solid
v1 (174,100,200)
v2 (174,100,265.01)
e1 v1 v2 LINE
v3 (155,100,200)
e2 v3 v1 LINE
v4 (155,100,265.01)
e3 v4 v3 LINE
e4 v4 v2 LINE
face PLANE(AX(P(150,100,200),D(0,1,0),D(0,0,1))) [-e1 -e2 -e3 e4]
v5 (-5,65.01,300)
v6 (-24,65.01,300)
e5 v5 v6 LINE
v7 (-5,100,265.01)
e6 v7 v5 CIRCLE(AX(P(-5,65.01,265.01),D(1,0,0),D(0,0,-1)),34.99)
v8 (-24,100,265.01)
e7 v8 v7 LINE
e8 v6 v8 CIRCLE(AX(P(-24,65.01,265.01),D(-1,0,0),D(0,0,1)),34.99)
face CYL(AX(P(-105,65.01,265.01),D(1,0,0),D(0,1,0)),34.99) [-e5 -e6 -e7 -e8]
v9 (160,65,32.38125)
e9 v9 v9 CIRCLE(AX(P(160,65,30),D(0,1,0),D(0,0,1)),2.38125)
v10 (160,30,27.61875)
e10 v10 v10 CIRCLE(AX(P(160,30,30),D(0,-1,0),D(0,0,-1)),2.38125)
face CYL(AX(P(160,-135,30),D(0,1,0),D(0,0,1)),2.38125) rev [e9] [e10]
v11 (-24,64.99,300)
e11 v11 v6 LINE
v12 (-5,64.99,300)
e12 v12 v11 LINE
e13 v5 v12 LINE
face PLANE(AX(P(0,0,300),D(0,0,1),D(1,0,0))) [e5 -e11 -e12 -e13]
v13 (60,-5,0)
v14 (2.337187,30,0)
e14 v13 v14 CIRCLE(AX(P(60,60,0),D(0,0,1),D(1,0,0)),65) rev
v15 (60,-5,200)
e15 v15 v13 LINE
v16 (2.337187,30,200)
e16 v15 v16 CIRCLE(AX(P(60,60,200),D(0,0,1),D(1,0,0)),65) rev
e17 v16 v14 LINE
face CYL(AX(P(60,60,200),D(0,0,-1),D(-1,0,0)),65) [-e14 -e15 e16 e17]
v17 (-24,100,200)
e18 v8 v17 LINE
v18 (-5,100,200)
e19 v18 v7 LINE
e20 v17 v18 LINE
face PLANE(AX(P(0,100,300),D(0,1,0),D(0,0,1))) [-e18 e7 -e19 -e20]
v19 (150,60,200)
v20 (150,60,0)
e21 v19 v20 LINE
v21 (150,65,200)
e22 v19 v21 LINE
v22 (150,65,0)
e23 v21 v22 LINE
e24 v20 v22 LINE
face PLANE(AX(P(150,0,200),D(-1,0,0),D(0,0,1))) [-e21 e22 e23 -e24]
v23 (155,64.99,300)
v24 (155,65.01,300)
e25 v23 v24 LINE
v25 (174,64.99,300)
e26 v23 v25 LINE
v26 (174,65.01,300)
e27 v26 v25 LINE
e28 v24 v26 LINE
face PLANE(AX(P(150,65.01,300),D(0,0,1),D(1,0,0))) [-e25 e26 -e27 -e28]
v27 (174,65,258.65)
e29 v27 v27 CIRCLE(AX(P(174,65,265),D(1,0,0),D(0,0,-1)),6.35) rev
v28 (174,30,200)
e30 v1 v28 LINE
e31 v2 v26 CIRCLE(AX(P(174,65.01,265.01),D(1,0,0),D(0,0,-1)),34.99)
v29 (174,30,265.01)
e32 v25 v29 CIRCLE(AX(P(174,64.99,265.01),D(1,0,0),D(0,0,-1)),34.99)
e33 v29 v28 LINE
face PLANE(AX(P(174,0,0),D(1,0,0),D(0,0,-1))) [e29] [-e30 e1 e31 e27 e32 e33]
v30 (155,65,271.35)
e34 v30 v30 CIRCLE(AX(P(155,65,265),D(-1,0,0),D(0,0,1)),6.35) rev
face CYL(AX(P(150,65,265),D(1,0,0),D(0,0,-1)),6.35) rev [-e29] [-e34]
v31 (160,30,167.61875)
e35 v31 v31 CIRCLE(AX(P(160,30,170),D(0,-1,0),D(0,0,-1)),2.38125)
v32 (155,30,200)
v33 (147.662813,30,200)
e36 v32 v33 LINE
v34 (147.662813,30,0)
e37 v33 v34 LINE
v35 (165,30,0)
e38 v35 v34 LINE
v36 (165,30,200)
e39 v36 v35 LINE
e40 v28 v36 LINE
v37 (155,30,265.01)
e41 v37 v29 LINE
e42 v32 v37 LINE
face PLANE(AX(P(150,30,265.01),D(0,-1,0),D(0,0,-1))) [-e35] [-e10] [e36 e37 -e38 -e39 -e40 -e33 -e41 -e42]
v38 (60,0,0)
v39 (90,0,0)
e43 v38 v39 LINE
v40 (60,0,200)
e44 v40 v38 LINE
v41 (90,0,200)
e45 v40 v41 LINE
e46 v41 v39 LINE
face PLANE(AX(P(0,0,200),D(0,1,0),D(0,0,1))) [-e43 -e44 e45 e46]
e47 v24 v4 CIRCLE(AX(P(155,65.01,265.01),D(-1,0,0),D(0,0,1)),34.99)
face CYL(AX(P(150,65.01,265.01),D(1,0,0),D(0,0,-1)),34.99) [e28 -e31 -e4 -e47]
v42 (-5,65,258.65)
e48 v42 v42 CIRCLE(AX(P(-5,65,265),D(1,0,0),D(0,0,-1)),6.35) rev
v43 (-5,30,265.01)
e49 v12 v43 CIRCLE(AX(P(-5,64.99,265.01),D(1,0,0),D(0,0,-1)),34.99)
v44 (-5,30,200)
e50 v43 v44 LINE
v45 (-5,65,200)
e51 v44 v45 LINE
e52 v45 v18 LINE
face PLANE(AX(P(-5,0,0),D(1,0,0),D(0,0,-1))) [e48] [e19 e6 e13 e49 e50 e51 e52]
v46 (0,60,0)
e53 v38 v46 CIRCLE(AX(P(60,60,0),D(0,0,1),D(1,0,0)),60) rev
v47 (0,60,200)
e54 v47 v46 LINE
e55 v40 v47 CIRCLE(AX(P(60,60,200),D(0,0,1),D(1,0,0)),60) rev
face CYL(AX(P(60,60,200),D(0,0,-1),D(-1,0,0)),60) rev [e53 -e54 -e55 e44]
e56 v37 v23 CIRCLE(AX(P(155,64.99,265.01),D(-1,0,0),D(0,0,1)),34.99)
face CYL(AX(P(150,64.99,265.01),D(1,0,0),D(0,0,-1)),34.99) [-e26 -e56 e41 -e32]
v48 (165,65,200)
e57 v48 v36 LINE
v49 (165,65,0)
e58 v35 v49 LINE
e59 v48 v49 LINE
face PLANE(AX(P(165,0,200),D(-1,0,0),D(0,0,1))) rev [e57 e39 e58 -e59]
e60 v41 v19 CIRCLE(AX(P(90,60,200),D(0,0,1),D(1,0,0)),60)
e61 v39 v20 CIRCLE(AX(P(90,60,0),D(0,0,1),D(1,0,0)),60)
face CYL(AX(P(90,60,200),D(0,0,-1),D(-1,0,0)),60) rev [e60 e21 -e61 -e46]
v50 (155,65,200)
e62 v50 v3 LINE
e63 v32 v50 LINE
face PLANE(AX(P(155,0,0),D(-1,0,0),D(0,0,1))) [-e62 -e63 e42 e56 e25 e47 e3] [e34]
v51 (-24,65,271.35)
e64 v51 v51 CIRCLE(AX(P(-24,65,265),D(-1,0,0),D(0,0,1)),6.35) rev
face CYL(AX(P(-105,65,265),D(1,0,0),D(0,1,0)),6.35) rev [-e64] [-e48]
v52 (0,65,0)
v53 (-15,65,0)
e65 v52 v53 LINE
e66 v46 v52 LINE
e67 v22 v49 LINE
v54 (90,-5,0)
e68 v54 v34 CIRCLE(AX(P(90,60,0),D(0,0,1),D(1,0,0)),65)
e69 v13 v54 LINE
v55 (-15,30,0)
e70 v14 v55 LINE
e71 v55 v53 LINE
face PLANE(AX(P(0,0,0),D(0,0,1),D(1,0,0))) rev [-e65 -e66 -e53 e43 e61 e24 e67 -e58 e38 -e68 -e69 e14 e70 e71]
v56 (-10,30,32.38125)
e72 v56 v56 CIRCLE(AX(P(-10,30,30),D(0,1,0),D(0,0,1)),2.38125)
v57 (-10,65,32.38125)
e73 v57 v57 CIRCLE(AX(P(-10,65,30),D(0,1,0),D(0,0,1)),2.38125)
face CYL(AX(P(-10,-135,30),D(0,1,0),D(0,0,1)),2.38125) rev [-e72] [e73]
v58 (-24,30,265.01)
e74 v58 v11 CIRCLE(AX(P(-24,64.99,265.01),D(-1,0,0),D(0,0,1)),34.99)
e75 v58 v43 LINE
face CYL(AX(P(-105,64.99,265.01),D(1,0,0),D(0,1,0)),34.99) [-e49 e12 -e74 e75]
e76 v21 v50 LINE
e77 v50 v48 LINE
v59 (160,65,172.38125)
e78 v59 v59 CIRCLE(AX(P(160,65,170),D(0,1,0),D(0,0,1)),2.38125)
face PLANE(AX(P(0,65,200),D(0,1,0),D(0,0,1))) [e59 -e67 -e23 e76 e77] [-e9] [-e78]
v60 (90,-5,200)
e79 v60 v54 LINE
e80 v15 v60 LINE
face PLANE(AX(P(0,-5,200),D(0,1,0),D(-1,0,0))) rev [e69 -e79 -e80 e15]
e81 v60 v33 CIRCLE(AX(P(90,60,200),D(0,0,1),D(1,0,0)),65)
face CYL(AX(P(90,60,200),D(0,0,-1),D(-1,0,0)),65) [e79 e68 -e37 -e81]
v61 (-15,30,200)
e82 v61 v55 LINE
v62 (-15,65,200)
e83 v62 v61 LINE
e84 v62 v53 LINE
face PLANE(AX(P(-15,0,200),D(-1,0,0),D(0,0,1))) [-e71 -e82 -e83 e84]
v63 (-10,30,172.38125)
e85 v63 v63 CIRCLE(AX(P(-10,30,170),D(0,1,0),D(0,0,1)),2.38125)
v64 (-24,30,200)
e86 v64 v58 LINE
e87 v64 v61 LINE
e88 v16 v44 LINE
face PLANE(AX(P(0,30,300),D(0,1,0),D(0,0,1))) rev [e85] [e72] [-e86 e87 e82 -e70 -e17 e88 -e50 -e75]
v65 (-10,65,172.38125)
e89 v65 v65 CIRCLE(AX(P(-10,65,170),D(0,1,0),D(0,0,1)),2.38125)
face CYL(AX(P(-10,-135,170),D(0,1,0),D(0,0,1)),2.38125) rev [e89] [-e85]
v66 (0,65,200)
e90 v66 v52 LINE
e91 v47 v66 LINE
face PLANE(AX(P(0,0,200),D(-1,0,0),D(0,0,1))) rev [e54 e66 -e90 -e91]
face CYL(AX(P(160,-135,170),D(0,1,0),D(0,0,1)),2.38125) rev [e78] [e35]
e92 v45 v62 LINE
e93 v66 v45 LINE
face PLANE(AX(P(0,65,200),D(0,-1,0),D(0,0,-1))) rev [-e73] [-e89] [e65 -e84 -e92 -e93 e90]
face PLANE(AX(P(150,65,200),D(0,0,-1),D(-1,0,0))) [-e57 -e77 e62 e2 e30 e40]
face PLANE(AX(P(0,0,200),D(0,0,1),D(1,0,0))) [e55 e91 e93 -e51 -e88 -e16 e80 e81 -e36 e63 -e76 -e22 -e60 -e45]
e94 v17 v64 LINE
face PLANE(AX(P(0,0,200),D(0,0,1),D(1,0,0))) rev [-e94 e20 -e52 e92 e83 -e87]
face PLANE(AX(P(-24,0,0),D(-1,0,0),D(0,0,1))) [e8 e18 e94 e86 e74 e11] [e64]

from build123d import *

# Parameters (mm, degrees)
SKETCH1_W           = 10
SKETCH1_H           = 5
BOSS_EXTRUDE1_DEPTH = 200
SKETCH2_R           = 2.38125
CUT_EXTRUDE1_DEPTH  = 200
SKETCH3_W           = 10
SKETCH3_H           = 30
SKETCH3_H_2         = 5
BOSS_EXTRUDE2_DEPTH = 100
CUT_EXTRUDE2_DEPTH  = 100
BOSS_EXTRUDE5_START = -15
SKETCH5_R           = 6.35
BOSS_EXTRUDE5_DEPTH = 15
SKETCH6_R           = 6.35
BOSS_EXTRUDE6_DEPTH = 5
BOSS_EXTRUDE7_START = -200
BOSS_EXTRUDE7_DEPTH = 200
SKETCH8_R           = 6.35
BOSS_EXTRUDE8_DEPTH = 9
SKETCH9_R           = 6.35
BOSS_EXTRUDE9_DEPTH = 9
SKETCH10_R          = 6.35
CUT_EXTRUDE3_DEPTH  = 5
SKETCH11_R          = 6.35
CUT_EXTRUDE4_DEPTH  = 5
SKETCH12_R          = 2.38125
CUT_EXTRUDE5_DEPTH  = 66


with BuildPart() as part:
    # Sketch1 → Boss-Extrude1 (new body)
    with BuildSketch(Plane.XY):
        with Locations((-10, 62.5)):
            Rectangle(SKETCH1_W, SKETCH1_H)
        with BuildLine():
            Line((90, 0), (60, 0))
            ThreePointArc((60, 0), (17.573593, 17.573593), (0, 60))
            Line((0, 60), (0, 65))
            Line((0, 65), (-5, 65))
            Line((-5, 65), (-5, 60))
            ThreePointArc((-5, 60), (14.038059, 14.038059), (60, -5))
            Line((60, -5), (90, -5))
            ThreePointArc((90, -5), (135.961941, 14.038059), (155, 60))
            Line((155, 60), (155, 65))
            Line((155, 65), (150, 65))
            Line((150, 65), (150, 60))
            ThreePointArc((150, 60), (132.426407, 17.573593), (90, 0))
        make_face()
        with Locations((160, 62.5)):
            Rectangle(SKETCH1_W, SKETCH1_H)
    extrude(amount=BOSS_EXTRUDE1_DEPTH)

    # Sketch2 → Cut-Extrude1 (cut)
    with BuildSketch(Plane(origin=(0, 65, 0), x_dir=(1, 0, 0), z_dir=(0, 1, 0))):
        with Locations((-10, -170)):
            Circle(SKETCH2_R)
        with Locations((-10, -30)):
            Circle(SKETCH2_R)
        with Locations((160, -30)):
            Circle(SKETCH2_R)
        with Locations((160, -170)):
            Circle(SKETCH2_R)
    extrude(amount=-CUT_EXTRUDE1_DEPTH, mode=Mode.SUBTRACT)

    # Sketch3 → Boss-Extrude2 (add)
    with BuildSketch(Plane.XY.offset(200)):
        with Locations((-10, 45)):
            Rectangle(SKETCH3_W, SKETCH3_H)
        with Locations((-10, 62.5)):
            Rectangle(SKETCH3_W, SKETCH3_H_2)
        with Locations((-10, 67.5)):
            Rectangle(SKETCH3_W, SKETCH3_H_2)
        with Locations((-10, 85)):
            Rectangle(SKETCH3_W, SKETCH3_H)
    extrude(amount=BOSS_EXTRUDE2_DEPTH)

    # Sketch4 → Cut-Extrude2 (cut)
    with BuildSketch(Plane(origin=(-5, 0, 0), x_dir=(0, 0, -1), z_dir=(1, 0, 0))):
        with BuildLine():
            ThreePointArc((-260.509872, 69.490128), (-269.490128, 69.490128), (-269.490128, 60.509872))
            Line((-269.490128, 60.509872), (-260.509872, 69.490128))
        make_face()
        with BuildLine():
            Line((-260.509872, 69.490128), (-269.490128, 60.509872))
            ThreePointArc((-269.490128, 60.509872), (-262.56996, 59.133365), (-258.65, 65))
            ThreePointArc((-258.65, 65), (-259.133365, 67.43004), (-260.509872, 69.490128))
        make_face()
        with BuildLine():
            Line((-300, 30), (-265.01, 30))
            ThreePointArc((-265.01, 30), (-278.400093, 32.663455), (-289.751666, 40.248334))
            Line((-289.751666, 40.248334), (-300, 30))
        make_face()
        with BuildLine():
            Line((-300, 30), (-289.751666, 40.248334))
            ThreePointArc((-289.751666, 40.248334), (-297.336545, 51.599907), (-300, 64.99))
            Line((-300, 64.99), (-300, 30))
        make_face()
        with BuildLine():
            ThreePointArc((-300, 65.01), (-289.751666, 89.751666), (-265.01, 100))
            Line((-265.01, 100), (-300, 100))
            Line((-300, 100), (-300, 65.01))
        make_face()
    extrude(amount=-CUT_EXTRUDE2_DEPTH, mode=Mode.SUBTRACT)

    # Sketch5 → Boss-Extrude5 (add)
    with BuildSketch(Plane(origin=(165, 0, 0), x_dir=(0, 0, -1), z_dir=(1, 0, 0)).offset(BOSS_EXTRUDE5_START)):
        with BuildLine():
            Line((-300, 65.01), (-300, 64.99))
            ThreePointArc((-300, 64.99), (-289.751666, 40.248334), (-265.01, 30))
            Line((-265.01, 30), (-200, 30))
            Line((-200, 30), (-200, 60))
            Line((-200, 60), (-200, 65))
            Line((-200, 65), (-200, 100))
            Line((-200, 100), (-265.01, 100))
            ThreePointArc((-265.01, 100), (-289.751666, 89.751666), (-300, 65.01))
        make_face()
        with Locations((-265, 65)):
            Circle(SKETCH5_R, mode=Mode.SUBTRACT)
    extrude(amount=BOSS_EXTRUDE5_DEPTH)

    # Sketch6 → Boss-Extrude6 (add)
    with BuildSketch(Plane(origin=(-5, 0, 0), x_dir=(0, 0, -1), z_dir=(1, 0, 0))):
        with BuildLine():
            Line((-300, 65.01), (-300, 64.99))
            ThreePointArc((-300, 64.99), (-289.751666, 40.248334), (-265.01, 30))
            Line((-265.01, 30), (-200, 30))
            Line((-200, 30), (-200, 60))
            Line((-200, 60), (-200, 65))
            Line((-200, 65), (-200, 100))
            Line((-200, 100), (-265.01, 100))
            ThreePointArc((-265.01, 100), (-289.751666, 89.751666), (-300, 65.01))
        make_face()
        with Locations((-265, 65)):
            Circle(SKETCH6_R, mode=Mode.SUBTRACT)
    extrude(amount=BOSS_EXTRUDE6_DEPTH)

    # Sketch7 → Boss-Extrude7 (add)
    with BuildSketch(Plane(origin=(0, 0, 0), x_dir=(-1, 0, 0), z_dir=(0, 0, -1)).offset(BOSS_EXTRUDE7_START)):
        with BuildLine():
            Line((-150, 35), (-150, 30))
            Line((-150, 30), (-147.662813, 30))
            ThreePointArc((-147.662813, 30), (-148.8845, 32.475182), (-150, 35))
        make_face()
        with BuildLine():
            Line((-165, 60), (-165, 30))
            Line((-165, 30), (-150, 30))
            Line((-150, 30), (-150, 35))
            ThreePointArc((-150, 35), (-153.737744, 47.252451), (-155, 60))
            Line((-155, 60), (-165, 60))
        make_face()
        with BuildLine():
            ThreePointArc((0, 35), (-1.1155, 32.475182), (-2.337187, 30))
            Line((-2.337187, 30), (0, 30))
            Line((0, 30), (0, 35))
        make_face()
        with BuildLine():
            Line((0, 35), (0, 30))
            Line((0, 30), (5, 30))
            Line((5, 30), (15, 30))
            Line((15, 30), (15, 60))
            Line((15, 60), (5, 60))
            ThreePointArc((5, 60), (3.737744, 47.252451), (0, 35))
        make_face()
    extrude(amount=BOSS_EXTRUDE7_DEPTH)

    # Sketch8 → Boss-Extrude8 (add)
    with BuildSketch(Plane(origin=(165, 0, 0), x_dir=(0, 0, -1), z_dir=(1, 0, 0))):
        with BuildLine():
            Line((-200, 65), (-200, 100))
            Line((-200, 100), (-265.01, 100))
            ThreePointArc((-265.01, 100), (-289.751666, 89.751666), (-300, 65.01))
            Line((-300, 65.01), (-300, 64.99))
            ThreePointArc((-300, 64.99), (-289.751666, 40.248334), (-265.01, 30))
            Line((-265.01, 30), (-200, 30))
            Line((-200, 30), (-200, 65))
        make_face()
        with Locations((-265, 65)):
            Circle(SKETCH8_R, mode=Mode.SUBTRACT)
    extrude(amount=BOSS_EXTRUDE8_DEPTH)

    # Sketch9 → Boss-Extrude9 (add)
    with BuildSketch(Plane.ZY.offset(15)):
        with BuildLine():
            Line((265.01, 100), (200, 100))
            Line((200, 100), (200, 65))
            Line((200, 65), (200, 30))
            Line((200, 30), (265.01, 30))
            ThreePointArc((265.01, 30), (289.751666, 40.248334), (300, 64.99))
            Line((300, 64.99), (300, 65.01))
            ThreePointArc((300, 65.01), (289.751666, 89.751666), (265.01, 100))
        make_face()
        with Locations((265, 65)):
            Circle(SKETCH9_R, mode=Mode.SUBTRACT)
    extrude(amount=BOSS_EXTRUDE9_DEPTH)

    # Sketch10 → Cut-Extrude3 (cut)
    with BuildSketch(Plane.ZY.offset(-150)):
        with BuildLine():
            Line((200, 60), (200, 65))
            Line((200, 65), (200, 100))
            Line((200, 100), (265.01, 100))
            ThreePointArc((265.01, 100), (289.751666, 89.751666), (300, 65.01))
            Line((300, 65.01), (300, 64.99))
            ThreePointArc((300, 64.99), (289.751666, 40.248334), (265.01, 30))
            Line((265.01, 30), (200, 30))
            Line((200, 30), (200, 60))
        make_face()
        with Locations((265, 65)):
            Circle(SKETCH10_R, mode=Mode.SUBTRACT)
    extrude(amount=-CUT_EXTRUDE3_DEPTH, mode=Mode.SUBTRACT)

    # Sketch11 → Cut-Extrude4 (cut)
    with BuildSketch(Plane(origin=(0, 0, 0), x_dir=(0, 0, -1), z_dir=(1, 0, 0))):
        with BuildLine():
            Line((-200, 60), (-200, 65))
            Line((-200, 65), (-200, 100))
            Line((-200, 100), (-265.01, 100))
            ThreePointArc((-265.01, 100), (-289.751666, 89.751666), (-300, 65.01))
            Line((-300, 65.01), (-300, 64.99))
            ThreePointArc((-300, 64.99), (-289.751666, 40.248334), (-265.01, 30))
            Line((-265.01, 30), (-200, 30))
            Line((-200, 30), (-200, 60))
        make_face()
        with Locations((-265, 65)):
            Circle(SKETCH11_R, mode=Mode.SUBTRACT)
    extrude(amount=-CUT_EXTRUDE4_DEPTH, mode=Mode.SUBTRACT)

    # Sketch12 → Cut-Extrude5 (cut, through all)
    with BuildSketch(Plane(origin=(0, 60, 0), x_dir=(1, 0, 0), z_dir=(0, 1, 0))):
        with Locations((160, -30)):
            Circle(SKETCH12_R)
        with Locations((-10, -170)):
            Circle(SKETCH12_R)
        with Locations((-10, -30)):
            Circle(SKETCH12_R)
        with Locations((160, -170)):
            Circle(SKETCH12_R)
    extrude(amount=-CUT_EXTRUDE5_DEPTH, mode=Mode.SUBTRACT)


solid = part.part
